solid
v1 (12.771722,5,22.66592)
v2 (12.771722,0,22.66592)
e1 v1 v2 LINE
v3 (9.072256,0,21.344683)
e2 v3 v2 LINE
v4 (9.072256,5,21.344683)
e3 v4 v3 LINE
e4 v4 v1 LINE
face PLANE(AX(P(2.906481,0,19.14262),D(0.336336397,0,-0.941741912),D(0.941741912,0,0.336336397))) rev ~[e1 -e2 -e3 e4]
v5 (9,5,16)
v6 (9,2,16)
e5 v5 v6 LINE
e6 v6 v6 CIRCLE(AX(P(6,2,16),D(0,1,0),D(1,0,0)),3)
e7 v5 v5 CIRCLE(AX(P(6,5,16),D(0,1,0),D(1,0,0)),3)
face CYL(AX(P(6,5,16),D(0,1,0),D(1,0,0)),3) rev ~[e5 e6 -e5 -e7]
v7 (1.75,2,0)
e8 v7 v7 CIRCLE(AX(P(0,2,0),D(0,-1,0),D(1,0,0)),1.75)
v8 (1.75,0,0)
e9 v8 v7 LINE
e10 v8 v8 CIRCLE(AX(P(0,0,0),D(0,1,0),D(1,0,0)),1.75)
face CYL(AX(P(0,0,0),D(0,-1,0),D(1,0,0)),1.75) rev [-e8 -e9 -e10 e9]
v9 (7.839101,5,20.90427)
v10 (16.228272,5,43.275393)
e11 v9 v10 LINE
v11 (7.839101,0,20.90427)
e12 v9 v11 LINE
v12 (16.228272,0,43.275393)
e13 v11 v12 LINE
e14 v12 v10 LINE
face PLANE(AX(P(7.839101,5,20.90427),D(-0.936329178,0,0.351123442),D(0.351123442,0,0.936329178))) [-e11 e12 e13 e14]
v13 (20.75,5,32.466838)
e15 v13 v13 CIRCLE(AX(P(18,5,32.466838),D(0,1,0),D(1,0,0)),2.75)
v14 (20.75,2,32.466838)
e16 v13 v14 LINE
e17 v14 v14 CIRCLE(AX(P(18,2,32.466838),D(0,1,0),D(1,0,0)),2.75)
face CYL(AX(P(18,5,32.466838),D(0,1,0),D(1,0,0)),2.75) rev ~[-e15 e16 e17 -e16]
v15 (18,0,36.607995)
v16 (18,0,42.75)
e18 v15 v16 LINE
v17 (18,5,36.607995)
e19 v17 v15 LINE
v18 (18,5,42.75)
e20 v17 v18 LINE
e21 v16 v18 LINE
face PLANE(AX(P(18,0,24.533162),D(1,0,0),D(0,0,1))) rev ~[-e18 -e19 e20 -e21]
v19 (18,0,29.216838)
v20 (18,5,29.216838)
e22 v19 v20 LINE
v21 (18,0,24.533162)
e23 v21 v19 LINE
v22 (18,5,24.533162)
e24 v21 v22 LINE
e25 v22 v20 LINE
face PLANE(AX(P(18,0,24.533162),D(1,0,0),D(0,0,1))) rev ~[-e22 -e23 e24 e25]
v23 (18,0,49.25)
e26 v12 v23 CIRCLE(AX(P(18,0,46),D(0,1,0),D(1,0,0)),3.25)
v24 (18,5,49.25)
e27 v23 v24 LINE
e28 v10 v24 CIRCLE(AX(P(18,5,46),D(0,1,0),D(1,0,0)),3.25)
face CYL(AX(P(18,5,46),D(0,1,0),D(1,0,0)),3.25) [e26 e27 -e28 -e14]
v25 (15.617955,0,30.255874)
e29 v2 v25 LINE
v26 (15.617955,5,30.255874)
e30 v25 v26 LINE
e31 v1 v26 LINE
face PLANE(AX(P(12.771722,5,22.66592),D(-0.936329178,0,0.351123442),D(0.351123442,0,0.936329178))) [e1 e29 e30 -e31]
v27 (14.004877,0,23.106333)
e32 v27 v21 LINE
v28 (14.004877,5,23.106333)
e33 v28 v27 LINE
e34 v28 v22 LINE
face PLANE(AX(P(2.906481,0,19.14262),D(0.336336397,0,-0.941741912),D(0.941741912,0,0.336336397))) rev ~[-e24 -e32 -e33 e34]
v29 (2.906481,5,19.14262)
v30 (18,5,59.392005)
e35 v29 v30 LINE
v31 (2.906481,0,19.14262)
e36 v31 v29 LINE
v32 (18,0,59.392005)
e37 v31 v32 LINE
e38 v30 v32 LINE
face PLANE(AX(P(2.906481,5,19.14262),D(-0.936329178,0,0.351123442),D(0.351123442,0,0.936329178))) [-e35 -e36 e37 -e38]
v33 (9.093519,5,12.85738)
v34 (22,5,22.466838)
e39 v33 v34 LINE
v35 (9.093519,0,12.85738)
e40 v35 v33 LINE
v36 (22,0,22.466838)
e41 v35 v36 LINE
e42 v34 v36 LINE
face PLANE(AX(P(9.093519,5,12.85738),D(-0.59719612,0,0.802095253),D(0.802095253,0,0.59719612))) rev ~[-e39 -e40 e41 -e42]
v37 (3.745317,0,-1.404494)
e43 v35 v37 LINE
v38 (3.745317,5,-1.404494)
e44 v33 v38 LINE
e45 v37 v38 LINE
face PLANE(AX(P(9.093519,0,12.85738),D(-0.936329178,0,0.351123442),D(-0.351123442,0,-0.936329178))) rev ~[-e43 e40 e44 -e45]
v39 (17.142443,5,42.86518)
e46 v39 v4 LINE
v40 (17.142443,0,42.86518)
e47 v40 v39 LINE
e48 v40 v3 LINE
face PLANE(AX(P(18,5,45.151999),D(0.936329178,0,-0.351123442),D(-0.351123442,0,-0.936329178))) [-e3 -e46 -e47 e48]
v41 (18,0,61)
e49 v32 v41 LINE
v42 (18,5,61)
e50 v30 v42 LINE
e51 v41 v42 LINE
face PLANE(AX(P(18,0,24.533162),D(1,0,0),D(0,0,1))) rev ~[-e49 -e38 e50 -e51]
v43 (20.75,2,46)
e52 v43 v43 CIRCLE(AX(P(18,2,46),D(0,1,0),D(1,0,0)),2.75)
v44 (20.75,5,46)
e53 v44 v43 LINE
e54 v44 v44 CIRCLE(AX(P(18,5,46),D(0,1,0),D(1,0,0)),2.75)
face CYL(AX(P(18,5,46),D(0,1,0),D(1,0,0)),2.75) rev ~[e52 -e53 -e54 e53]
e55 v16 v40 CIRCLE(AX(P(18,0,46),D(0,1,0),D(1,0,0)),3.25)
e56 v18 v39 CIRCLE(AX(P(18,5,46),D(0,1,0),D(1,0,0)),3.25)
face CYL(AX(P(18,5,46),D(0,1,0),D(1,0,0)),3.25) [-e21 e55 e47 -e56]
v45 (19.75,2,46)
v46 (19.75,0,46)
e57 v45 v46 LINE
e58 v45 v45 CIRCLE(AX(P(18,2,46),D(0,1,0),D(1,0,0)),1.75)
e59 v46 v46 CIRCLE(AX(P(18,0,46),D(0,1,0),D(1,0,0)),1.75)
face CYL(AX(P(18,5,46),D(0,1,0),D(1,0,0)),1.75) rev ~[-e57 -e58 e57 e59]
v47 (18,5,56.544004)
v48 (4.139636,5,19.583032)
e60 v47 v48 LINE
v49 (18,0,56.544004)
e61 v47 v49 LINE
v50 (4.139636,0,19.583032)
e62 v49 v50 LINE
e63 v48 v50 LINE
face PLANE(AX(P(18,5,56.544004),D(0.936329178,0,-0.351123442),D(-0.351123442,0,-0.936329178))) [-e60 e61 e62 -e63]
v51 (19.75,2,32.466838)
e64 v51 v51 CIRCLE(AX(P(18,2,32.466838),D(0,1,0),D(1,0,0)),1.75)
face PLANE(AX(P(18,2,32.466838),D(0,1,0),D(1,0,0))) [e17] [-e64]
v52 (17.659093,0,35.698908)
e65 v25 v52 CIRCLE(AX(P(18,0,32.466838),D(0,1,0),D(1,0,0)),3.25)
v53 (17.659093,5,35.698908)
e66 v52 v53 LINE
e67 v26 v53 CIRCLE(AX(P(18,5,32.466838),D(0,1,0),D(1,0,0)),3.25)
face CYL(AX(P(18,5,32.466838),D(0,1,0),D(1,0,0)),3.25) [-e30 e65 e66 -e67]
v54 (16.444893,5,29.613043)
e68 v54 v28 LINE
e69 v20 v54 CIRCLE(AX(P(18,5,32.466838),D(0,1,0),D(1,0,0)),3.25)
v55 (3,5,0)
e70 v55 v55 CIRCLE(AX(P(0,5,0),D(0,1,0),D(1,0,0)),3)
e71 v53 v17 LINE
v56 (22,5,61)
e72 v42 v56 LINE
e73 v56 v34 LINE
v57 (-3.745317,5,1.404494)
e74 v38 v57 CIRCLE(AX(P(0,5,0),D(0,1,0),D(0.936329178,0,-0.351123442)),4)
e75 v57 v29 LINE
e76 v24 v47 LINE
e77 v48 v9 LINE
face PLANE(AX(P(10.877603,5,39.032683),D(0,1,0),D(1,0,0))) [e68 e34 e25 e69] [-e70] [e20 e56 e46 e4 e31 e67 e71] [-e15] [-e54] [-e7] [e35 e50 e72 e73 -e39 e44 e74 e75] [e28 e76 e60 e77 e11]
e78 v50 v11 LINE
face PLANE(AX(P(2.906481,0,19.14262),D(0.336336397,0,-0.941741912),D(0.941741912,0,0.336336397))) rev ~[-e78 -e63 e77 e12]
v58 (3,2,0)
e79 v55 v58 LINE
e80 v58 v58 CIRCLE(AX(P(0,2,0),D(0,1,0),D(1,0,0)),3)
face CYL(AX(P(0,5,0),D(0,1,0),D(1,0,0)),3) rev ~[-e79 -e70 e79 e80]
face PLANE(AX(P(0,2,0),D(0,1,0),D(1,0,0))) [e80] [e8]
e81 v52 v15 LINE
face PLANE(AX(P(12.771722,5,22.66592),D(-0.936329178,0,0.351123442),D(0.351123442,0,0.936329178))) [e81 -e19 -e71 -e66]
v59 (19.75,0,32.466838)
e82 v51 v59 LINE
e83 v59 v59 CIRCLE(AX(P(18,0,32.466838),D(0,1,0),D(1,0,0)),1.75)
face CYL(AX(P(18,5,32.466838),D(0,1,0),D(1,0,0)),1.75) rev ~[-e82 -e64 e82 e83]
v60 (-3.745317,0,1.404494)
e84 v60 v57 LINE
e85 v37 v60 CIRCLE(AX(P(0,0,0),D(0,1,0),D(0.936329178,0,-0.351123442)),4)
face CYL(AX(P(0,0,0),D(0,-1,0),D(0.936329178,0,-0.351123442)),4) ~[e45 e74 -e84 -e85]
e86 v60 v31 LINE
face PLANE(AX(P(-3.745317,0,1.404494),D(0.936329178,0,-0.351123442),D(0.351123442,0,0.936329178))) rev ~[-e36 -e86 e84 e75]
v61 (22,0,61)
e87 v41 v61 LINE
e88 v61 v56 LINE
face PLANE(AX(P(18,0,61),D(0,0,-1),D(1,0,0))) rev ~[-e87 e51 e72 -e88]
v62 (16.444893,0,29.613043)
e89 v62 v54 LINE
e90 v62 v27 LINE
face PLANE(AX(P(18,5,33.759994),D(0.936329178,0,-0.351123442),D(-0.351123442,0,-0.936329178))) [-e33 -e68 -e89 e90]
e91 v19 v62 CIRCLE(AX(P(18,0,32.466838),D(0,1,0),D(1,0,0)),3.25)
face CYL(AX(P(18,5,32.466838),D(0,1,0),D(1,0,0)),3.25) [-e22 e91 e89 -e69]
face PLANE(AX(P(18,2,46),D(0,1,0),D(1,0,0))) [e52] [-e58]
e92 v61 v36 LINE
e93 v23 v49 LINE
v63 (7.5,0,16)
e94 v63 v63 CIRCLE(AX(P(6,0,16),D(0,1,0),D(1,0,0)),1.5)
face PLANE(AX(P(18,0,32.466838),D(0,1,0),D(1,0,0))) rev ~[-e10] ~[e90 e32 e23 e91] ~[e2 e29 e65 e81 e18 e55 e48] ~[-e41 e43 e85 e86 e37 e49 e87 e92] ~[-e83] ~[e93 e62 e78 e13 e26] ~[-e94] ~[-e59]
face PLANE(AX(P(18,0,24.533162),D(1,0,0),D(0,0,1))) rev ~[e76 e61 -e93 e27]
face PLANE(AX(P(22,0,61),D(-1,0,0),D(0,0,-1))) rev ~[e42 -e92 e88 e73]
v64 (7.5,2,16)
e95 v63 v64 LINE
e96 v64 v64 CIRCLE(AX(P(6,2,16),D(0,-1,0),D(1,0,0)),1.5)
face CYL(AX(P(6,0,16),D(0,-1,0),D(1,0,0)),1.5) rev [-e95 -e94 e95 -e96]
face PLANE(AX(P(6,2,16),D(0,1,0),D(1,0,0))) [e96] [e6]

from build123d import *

# Parameters (mm, degrees)
SKIZZE1_R                       = 1.75
SKIZZE1_R_2                     = 1.5
AUFSATZ_LINEAR_AUSTRAGEN1_DEPTH = 5
AUFSATZ_LINEAR_AUSTRAGEN2_DEPTH = 5
SKIZZE4_R                       = 3.25
AUFSATZ_LINEAR_AUSTRAGEN3_DEPTH = 5
SKIZZE5_R                       = 1.75
SCHNITT_LINEAR_AUSTRAGEN2_DEPTH = 5
SKIZZE3_R                       = 3
SKIZZE3_R_2                     = 2.75
SCHNITT_LINEAR_AUSTRAGEN1_DEPTH = 3
SCHNITT_LINEAR_AUSTRAGEN3_DEPTH = 5


with BuildPart() as part:
    # Skizze1 → Aufsatz-Linear austragen1 (new body)
    with BuildSketch(Plane(origin=(0, 0, 0), x_dir=(1, 0, 0), z_dir=(0, 1, 0))):
        with BuildLine():
            Line((-3.74531671, -1.404493766), (2.906480569, -19.142619845))
            Line((2.906480569, -19.142619845), (18, -24.533162499))
            Line((18, -24.533162499), (18, -61))
            Line((18, -61), (22, -61))
            Line((22, -61), (22, -17.466837501))
            Line((22, -17.466837501), (9.093519431, -12.857380155))
            Line((9.093519431, -12.857380155), (3.74531671, 1.404493766))
            ThreePointArc((3.74531671, 1.404493766), (-1.404493766, 3.74531671), (-3.74531671, -1.404493766))
        make_face()
        Circle(SKIZZE1_R, mode=Mode.SUBTRACT)
        with Locations((6, -16)):
            Circle(SKIZZE1_R_2, mode=Mode.SUBTRACT)
    extrude(amount=AUFSATZ_LINEAR_AUSTRAGEN1_DEPTH)

    # Skizze2 → Aufsatz-Linear austragen2 (add)
    with BuildSketch(Plane(origin=(0, 5, 0), x_dir=(1, 0, 0), z_dir=(0, 1, 0))):
        Polygon((2.906480569, -19.142619845), (18, -59.392004994), (18, -56.544003745), (4.139635749, -19.58303241), align=None)
        Polygon((7.839101288, -20.904270102), (18, -48), (18, -45.151998752), (9.072256468, -21.344682666), align=None)
        Polygon((12.771722007, -22.665920359), (18, -36.607995006), (18, -33.759993758), (14.004877187, -23.106332923), align=None)
    extrude(amount=-AUFSATZ_LINEAR_AUSTRAGEN2_DEPTH)

    # Skizze4 → Aufsatz-Linear austragen3 (add)
    with BuildSketch(Plane(origin=(0, 5, 0), x_dir=(1, 0, 0), z_dir=(0, 1, 0))):
        with Locations((18, -32.466837501)):
            Circle(SKIZZE4_R)
        with Locations((18, -46)):
            Circle(SKIZZE4_R)
    extrude(amount=-AUFSATZ_LINEAR_AUSTRAGEN3_DEPTH)

    # Skizze5 → Schnitt-Linear austragen2 (cut)
    with BuildSketch(Plane(origin=(0, 5, 0), x_dir=(1, 0, 0), z_dir=(0, 1, 0))):
        with Locations((18, -32.466837501)):
            Circle(SKIZZE5_R)
        with Locations((18, -46)):
            Circle(SKIZZE5_R)
    extrude(amount=-SCHNITT_LINEAR_AUSTRAGEN2_DEPTH, mode=Mode.SUBTRACT)

    # Skizze3 → Schnitt-Linear austragen1 (cut)
    with BuildSketch(Plane(origin=(0, 5, 0), x_dir=(1, 0, 0), z_dir=(0, 1, 0))):
        Circle(SKIZZE3_R)
        with Locations((6, -16)):
            Circle(SKIZZE3_R)
        with Locations((18, -32.466837501)):
            Circle(SKIZZE3_R_2)
        with Locations((18, -46)):
            Circle(SKIZZE3_R_2)
    extrude(amount=-SCHNITT_LINEAR_AUSTRAGEN1_DEPTH, mode=Mode.SUBTRACT)

    # Skizze6 → Schnitt-Linear austragen3 (cut)
    with BuildSketch(Plane(origin=(0, 5, 0), x_dir=(1, 0, 0), z_dir=(0, 1, 0))):
        Polygon((9.093519431, -12.857380155), (22, -22.466837501), (22, -17.466837501), align=None)
    extrude(amount=-SCHNITT_LINEAR_AUSTRAGEN3_DEPTH, mode=Mode.SUBTRACT)


solid = part.part
